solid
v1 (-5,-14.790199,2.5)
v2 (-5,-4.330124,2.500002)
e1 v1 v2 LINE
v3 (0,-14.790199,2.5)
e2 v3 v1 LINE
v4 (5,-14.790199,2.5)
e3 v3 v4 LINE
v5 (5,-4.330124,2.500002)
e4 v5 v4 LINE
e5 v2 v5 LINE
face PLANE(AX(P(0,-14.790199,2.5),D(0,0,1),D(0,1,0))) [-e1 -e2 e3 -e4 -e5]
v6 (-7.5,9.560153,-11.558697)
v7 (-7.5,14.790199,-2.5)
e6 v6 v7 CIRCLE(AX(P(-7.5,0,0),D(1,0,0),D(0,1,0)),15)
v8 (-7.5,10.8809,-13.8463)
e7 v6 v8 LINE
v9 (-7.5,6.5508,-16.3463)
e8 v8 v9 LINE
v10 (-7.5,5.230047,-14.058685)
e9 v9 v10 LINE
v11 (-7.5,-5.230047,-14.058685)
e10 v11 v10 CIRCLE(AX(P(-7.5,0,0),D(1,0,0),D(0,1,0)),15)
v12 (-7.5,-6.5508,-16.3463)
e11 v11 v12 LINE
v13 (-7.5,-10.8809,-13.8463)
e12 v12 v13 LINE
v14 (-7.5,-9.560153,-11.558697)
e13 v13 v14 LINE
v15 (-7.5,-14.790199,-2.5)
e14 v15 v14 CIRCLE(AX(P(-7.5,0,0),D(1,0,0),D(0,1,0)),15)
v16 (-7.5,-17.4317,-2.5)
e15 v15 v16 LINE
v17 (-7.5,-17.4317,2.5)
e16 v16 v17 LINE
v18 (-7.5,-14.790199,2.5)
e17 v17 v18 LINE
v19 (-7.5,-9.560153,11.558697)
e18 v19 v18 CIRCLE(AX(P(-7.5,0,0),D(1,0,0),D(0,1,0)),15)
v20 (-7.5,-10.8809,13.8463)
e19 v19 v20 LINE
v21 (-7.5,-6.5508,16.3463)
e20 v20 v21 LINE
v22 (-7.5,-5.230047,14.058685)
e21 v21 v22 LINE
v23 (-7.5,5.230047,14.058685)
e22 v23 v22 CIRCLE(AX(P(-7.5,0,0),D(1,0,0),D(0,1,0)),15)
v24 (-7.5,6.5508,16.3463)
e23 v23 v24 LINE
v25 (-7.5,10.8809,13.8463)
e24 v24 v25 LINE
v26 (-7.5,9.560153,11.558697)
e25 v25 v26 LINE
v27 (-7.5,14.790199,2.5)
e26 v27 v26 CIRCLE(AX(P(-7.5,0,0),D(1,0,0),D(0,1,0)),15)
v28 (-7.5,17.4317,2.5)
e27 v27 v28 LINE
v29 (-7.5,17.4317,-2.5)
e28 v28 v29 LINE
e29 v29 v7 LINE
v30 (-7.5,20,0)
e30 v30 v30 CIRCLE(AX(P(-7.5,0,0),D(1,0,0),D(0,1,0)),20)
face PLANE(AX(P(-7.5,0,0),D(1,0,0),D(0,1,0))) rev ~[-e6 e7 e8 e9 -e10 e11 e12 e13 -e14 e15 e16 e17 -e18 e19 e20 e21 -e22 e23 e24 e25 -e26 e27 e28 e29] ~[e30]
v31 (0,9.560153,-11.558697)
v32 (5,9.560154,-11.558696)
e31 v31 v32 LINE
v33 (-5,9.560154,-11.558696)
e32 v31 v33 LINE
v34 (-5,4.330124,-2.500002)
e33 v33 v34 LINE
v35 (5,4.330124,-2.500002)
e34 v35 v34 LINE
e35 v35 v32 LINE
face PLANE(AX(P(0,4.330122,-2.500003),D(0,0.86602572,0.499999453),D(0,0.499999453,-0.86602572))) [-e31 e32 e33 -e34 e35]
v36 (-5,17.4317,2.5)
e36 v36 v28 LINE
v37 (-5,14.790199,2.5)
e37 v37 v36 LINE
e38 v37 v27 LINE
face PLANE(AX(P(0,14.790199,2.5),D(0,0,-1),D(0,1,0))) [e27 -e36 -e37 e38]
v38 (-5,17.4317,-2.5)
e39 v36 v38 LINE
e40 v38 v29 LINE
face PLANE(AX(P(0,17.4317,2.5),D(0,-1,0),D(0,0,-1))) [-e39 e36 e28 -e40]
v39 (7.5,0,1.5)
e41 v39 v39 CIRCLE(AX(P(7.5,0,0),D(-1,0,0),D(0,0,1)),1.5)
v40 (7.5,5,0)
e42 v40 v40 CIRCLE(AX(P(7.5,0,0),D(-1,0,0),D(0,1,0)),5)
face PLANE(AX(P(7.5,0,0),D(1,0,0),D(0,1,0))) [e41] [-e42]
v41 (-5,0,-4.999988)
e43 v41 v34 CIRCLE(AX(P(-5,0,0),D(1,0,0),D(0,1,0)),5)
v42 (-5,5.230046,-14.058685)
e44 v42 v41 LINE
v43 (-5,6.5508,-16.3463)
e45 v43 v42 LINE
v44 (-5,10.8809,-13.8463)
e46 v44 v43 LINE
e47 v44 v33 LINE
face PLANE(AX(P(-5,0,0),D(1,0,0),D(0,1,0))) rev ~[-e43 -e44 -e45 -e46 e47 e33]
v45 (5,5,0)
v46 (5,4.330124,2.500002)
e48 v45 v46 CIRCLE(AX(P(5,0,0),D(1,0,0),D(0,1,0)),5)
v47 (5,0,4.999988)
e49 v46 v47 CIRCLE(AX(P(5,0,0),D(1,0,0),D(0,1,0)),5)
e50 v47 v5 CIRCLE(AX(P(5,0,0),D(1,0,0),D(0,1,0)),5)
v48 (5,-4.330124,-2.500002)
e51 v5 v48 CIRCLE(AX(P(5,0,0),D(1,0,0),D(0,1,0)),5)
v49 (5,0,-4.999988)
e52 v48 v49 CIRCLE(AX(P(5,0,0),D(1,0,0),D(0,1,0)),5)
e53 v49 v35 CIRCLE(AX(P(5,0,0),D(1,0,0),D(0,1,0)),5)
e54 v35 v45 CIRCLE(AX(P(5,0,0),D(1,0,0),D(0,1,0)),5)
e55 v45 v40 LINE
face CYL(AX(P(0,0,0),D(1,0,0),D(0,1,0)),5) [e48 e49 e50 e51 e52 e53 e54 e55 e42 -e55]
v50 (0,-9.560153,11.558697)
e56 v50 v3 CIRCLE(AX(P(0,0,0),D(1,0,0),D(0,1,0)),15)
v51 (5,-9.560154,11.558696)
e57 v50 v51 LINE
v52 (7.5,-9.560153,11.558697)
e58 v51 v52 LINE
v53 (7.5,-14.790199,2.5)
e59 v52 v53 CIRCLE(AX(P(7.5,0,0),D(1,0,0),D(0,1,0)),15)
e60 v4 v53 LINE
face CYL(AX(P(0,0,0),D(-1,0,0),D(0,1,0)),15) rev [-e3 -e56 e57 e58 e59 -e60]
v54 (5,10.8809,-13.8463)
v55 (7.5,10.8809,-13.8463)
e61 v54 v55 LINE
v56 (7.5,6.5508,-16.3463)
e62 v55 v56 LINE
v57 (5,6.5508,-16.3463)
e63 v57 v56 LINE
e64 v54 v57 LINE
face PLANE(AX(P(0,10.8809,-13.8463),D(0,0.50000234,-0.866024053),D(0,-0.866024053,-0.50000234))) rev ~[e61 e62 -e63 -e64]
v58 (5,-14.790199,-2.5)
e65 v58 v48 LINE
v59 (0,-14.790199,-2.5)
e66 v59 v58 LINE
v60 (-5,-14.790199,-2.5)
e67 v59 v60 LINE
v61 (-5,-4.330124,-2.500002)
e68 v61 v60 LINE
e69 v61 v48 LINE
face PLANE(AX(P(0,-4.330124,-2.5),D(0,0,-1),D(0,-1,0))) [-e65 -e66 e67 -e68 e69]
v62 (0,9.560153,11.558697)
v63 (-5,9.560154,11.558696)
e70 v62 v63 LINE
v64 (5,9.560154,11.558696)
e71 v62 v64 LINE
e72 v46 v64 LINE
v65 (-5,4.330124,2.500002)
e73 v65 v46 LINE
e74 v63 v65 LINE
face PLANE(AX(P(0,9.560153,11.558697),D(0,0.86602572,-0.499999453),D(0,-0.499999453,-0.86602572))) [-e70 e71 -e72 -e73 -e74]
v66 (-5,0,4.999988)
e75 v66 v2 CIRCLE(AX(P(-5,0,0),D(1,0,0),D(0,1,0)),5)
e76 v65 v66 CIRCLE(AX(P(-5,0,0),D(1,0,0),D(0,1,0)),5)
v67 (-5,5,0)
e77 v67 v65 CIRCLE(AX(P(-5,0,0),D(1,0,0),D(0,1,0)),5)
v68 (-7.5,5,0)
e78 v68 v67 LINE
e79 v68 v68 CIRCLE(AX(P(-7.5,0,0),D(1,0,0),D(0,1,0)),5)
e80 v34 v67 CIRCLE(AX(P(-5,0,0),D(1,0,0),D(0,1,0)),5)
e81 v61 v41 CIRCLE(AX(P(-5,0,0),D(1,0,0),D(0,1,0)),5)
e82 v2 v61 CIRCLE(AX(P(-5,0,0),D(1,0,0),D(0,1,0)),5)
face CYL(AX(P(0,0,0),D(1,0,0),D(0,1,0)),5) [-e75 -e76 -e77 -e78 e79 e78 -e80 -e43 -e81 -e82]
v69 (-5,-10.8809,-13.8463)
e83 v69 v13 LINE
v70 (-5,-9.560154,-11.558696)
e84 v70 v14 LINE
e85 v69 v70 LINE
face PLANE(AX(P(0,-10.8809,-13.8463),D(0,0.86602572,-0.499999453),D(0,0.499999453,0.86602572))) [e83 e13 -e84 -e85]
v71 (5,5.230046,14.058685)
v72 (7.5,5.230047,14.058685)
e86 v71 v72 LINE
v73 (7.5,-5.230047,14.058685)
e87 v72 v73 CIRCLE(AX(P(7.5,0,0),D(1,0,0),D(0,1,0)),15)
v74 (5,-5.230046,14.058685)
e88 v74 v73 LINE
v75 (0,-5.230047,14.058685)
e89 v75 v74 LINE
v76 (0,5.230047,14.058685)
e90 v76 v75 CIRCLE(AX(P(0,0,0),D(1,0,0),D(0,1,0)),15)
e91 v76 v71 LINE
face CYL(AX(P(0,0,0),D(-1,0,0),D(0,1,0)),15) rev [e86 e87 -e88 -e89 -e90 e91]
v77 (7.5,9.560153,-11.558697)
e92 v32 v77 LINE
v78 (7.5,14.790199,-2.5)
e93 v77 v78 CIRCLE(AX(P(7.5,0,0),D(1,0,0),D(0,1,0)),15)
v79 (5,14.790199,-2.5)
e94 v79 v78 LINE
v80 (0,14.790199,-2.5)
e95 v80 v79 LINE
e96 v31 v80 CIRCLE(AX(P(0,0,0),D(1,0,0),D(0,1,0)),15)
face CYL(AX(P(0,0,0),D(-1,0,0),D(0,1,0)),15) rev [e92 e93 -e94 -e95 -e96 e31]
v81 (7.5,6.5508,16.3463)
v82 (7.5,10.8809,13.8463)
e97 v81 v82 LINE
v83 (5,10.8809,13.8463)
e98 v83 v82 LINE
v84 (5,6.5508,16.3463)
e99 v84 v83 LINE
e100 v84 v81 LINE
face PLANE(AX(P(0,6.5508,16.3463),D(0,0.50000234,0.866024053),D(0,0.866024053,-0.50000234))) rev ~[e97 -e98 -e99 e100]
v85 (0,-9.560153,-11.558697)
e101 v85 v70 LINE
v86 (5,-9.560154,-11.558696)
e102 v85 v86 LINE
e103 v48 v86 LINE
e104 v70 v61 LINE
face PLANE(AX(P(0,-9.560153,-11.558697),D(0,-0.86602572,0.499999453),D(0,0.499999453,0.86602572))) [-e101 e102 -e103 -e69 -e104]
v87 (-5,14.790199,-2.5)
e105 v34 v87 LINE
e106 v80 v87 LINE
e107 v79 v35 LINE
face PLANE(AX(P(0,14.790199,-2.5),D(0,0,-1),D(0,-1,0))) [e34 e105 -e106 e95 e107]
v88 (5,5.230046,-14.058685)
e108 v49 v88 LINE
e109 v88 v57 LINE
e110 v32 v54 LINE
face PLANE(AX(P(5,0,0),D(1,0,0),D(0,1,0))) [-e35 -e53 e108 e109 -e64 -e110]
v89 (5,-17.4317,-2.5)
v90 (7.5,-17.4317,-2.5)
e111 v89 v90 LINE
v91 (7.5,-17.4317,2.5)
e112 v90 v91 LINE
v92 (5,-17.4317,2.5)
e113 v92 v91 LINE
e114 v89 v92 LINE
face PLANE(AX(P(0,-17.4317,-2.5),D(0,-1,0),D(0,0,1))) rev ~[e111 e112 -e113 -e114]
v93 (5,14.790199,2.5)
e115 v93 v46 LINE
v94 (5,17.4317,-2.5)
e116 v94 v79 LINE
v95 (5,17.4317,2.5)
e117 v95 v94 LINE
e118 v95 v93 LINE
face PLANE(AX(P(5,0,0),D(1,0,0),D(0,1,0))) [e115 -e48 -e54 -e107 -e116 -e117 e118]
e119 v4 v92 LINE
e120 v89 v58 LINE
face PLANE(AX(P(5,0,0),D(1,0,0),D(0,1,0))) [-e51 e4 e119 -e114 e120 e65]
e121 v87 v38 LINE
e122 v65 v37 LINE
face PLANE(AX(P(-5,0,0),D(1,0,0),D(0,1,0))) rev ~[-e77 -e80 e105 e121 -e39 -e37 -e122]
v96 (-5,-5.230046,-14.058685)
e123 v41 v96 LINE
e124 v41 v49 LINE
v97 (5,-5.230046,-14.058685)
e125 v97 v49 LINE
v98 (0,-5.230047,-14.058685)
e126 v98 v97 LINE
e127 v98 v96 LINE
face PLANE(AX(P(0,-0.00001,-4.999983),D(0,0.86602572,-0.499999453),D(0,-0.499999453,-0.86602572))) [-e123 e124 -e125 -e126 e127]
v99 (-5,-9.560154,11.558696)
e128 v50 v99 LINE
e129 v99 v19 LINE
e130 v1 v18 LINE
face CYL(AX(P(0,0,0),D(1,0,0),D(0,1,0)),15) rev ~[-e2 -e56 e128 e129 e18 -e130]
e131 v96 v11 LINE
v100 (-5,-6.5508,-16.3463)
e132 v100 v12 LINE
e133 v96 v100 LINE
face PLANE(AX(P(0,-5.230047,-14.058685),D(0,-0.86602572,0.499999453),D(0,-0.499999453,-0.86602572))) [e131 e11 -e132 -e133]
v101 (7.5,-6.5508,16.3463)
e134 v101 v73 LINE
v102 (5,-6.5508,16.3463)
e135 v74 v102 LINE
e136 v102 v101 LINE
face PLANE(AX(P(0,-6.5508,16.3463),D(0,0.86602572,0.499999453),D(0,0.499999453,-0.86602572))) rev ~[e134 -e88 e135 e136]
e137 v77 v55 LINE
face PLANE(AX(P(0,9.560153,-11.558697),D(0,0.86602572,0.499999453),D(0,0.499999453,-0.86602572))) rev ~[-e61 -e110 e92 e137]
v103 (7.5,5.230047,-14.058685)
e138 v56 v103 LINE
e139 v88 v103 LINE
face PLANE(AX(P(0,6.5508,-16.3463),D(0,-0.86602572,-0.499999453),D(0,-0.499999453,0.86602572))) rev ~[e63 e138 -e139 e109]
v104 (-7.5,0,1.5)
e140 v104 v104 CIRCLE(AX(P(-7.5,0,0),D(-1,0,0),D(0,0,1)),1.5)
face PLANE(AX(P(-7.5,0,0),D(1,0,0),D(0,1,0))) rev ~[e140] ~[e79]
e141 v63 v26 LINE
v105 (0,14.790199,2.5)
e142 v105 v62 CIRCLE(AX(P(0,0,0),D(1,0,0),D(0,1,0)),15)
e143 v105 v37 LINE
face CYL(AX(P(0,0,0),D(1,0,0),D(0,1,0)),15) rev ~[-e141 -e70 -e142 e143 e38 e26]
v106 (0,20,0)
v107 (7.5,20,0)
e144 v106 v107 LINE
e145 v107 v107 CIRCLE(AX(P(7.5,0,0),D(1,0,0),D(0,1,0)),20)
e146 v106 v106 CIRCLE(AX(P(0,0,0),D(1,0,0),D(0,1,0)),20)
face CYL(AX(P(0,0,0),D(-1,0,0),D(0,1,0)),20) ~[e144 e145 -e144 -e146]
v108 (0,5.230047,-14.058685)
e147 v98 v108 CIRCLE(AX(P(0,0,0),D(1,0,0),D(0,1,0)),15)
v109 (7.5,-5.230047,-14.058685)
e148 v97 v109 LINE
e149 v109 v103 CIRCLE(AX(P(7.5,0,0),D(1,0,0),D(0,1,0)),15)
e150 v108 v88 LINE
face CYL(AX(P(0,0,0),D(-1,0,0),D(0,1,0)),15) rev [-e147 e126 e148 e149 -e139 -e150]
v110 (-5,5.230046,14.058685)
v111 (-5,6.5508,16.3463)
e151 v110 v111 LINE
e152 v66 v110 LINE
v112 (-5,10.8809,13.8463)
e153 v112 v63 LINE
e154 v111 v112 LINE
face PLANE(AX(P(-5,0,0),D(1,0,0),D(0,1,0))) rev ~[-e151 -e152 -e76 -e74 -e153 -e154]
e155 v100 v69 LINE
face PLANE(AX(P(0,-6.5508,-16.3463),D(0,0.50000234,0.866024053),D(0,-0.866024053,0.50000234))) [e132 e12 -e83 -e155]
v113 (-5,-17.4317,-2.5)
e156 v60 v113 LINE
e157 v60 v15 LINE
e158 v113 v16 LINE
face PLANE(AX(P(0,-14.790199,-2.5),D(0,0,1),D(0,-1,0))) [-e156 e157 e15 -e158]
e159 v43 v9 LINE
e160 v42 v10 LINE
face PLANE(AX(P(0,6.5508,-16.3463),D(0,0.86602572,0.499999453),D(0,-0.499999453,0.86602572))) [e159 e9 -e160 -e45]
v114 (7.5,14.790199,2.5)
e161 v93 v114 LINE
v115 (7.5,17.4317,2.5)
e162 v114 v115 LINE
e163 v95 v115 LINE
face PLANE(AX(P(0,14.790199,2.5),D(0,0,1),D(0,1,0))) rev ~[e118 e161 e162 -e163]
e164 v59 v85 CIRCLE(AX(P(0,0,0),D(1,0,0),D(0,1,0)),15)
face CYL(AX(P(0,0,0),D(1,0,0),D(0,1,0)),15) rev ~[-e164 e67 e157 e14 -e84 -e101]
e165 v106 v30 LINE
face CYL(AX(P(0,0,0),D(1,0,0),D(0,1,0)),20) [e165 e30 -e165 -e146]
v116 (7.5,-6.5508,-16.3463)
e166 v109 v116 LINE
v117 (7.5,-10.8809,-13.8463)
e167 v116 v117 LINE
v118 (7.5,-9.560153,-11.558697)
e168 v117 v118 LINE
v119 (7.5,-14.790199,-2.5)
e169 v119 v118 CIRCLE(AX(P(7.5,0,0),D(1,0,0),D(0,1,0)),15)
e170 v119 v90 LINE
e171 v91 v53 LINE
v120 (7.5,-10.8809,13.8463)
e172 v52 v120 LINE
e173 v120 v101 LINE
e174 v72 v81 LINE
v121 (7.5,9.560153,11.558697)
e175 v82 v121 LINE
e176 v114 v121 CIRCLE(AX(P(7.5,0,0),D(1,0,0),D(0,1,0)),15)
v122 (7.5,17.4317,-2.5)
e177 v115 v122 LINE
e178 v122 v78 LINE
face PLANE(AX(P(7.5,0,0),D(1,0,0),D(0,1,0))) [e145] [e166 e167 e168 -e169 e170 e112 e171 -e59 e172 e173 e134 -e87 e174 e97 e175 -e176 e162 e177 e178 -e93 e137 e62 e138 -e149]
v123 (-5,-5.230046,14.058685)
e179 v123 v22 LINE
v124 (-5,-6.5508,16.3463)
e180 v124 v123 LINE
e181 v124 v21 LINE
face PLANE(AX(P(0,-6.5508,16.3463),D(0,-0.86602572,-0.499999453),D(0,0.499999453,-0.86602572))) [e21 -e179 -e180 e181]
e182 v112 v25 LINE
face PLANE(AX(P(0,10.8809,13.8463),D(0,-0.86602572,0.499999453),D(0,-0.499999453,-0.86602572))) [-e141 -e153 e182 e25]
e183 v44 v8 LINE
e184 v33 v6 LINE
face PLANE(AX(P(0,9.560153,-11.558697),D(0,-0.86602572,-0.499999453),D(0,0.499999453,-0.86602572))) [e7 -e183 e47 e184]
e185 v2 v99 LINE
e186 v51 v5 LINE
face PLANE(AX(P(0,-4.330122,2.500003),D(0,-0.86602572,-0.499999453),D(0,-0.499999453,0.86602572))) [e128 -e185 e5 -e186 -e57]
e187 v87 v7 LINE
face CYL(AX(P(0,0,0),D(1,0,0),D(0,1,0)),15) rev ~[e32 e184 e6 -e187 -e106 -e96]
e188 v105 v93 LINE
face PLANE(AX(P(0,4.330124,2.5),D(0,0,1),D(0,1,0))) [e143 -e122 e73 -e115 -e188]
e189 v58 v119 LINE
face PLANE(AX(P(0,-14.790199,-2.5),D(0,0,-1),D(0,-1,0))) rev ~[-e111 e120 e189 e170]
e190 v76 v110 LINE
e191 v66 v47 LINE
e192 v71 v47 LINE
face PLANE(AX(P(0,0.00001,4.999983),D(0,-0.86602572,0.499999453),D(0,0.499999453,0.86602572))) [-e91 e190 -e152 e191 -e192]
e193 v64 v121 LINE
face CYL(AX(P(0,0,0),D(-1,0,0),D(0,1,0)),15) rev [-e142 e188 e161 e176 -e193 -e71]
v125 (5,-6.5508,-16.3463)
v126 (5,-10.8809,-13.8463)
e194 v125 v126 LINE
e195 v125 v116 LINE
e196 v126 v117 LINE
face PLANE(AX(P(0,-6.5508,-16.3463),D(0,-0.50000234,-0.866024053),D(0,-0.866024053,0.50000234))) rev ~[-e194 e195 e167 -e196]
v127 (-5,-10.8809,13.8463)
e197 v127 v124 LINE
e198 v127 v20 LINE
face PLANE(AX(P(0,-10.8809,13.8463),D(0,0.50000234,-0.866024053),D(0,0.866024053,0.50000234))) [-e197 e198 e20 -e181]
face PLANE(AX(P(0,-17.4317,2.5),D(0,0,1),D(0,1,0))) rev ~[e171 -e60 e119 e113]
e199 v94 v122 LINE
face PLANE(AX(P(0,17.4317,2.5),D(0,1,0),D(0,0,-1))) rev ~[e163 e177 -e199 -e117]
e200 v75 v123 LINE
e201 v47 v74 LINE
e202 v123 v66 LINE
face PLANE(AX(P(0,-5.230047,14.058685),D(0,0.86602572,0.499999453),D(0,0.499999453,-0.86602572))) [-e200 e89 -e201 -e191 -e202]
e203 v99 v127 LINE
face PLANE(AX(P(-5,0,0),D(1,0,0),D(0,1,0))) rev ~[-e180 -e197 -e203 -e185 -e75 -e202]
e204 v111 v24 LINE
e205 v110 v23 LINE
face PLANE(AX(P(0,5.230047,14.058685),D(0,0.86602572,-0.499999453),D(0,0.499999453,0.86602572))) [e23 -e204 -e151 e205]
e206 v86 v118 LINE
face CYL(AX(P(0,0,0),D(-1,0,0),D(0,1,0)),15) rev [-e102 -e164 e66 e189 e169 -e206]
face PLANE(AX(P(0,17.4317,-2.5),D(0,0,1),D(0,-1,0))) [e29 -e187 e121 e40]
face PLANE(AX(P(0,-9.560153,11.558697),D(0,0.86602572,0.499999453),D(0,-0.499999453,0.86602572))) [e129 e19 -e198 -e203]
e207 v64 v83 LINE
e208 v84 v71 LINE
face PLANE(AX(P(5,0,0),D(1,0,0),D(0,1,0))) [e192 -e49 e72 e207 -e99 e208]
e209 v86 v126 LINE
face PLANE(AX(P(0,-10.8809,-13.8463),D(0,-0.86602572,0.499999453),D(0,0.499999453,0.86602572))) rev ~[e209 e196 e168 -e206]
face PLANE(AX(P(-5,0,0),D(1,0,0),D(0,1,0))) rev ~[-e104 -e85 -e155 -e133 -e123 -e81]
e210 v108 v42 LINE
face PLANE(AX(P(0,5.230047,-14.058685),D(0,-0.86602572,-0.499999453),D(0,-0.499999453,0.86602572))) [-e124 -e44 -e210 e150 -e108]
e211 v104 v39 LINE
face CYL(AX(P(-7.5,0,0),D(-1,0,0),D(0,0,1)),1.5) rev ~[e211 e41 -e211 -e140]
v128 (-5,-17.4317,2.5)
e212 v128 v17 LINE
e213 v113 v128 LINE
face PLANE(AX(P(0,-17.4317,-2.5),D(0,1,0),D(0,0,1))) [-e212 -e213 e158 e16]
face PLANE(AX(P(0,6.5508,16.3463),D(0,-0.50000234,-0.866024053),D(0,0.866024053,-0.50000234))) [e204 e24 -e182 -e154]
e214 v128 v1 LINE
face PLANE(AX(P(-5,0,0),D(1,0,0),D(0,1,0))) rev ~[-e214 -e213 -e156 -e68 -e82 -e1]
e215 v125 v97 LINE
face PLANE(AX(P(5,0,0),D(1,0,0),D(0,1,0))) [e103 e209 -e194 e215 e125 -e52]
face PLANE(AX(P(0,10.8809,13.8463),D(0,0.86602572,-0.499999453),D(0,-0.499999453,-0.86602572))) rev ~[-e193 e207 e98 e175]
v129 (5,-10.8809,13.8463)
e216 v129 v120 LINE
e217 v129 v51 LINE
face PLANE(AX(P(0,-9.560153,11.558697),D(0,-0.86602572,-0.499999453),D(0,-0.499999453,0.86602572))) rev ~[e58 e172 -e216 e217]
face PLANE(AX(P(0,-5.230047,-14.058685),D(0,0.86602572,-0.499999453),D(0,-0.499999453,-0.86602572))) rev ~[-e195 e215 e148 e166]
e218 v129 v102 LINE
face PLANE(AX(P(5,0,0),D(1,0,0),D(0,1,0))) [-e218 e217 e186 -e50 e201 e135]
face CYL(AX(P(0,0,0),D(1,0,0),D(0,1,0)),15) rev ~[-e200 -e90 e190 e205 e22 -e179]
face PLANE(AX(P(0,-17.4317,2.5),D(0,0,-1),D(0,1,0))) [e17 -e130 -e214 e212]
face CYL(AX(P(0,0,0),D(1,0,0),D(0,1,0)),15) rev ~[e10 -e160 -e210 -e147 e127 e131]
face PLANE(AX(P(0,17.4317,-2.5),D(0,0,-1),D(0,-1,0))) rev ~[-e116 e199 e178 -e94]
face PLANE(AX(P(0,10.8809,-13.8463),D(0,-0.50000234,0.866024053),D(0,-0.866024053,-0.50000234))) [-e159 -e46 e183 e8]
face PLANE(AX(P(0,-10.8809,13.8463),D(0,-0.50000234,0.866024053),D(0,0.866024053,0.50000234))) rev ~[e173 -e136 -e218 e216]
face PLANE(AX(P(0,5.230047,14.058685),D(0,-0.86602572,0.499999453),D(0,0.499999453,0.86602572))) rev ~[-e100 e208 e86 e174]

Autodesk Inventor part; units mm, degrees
ref_plane "YZ Plane" through (0, 0, 0) normal (1, 0, 0) x (0, 1, 0)
ref_plane "XZ Plane" through (0, 0, 0) normal (0, 1, 0) x (-1, 0, 0)
ref_plane "XY Plane" through (0, 0, 0) normal (0, 0, 1) x (1, 0, 0)
sketch "Sketch1" plane through (0, 0, 0) normal (1, 0, 0) x (0, 1, 0)
  circle A0 centre (0, 0) radius 20
  circle A1 centre (0, 0) radius 15
  circle A2 centre (0, 0) radius 5
  line L0 (20, 0) -> (9.9317, 0) construction
  line L1 (9.9317, 0) -> (0, 0) construction
  line L2 (17.4317, -2.5) -> (2.4317, -2.5)
  line L3 (2.4317, -2.5) -> (2.4317, 2.5)
  line L4 (2.4317, 2.5) -> (17.4317, 2.5)
  line L5 (17.4317, 2.5) -> (17.4317, -2.5)
  line L6 (17.4317, -2.5) -> (2.4317, 2.5) construction
  line L7 (2.4317, -2.5) -> (17.4317, 2.5) construction
  line L8 (-0.9492, 3.3559) -> (6.5508, 16.3463)
  line L9 (10.8809, 13.8463) -> (3.3809, 0.8559)
  line L10 (6.5508, 16.3463) -> (10.8809, 13.8463)
  line L11 (3.3809, 0.8559) -> (-0.9492, 3.3559)
  line L12 (-3.3809, 0.8559) -> (-10.8809, 13.8463)
  line L13 (-6.5508, 16.3463) -> (0.9492, 3.3559)
  line L14 (-10.8809, 13.8463) -> (-6.5508, 16.3463)
  line L15 (0.9492, 3.3559) -> (-3.3809, 0.8559)
  line L16 (-2.4317, -2.5) -> (-17.4317, -2.5)
  line L17 (-17.4317, 2.5) -> (-2.4317, 2.5)
  line L18 (-17.4317, -2.5) -> (-17.4317, 2.5)
  line L19 (-2.4317, 2.5) -> (-2.4317, -2.5)
  line L20 (0.9492, -3.3559) -> (-6.5508, -16.3463)
  line L21 (-10.8809, -13.8463) -> (-3.3809, -0.8559)
  line L22 (-6.5508, -16.3463) -> (-10.8809, -13.8463)
  line L23 (-3.3809, -0.8559) -> (0.9492, -3.3559)
  line L24 (3.3809, -0.8559) -> (10.8809, -13.8463)
  line L25 (6.5508, -16.3463) -> (-0.9492, -3.3559)
  line L26 (10.8809, -13.8463) -> (6.5508, -16.3463)
  line L27 (-0.9492, -3.3559) -> (3.3809, -0.8559)
  dimension "d0" = 40
  dimension "d1" = 30
  dimension "d2" = 10
  dimension "d4" = 15
  dimension "d5" = 5
  dimension "d8" = 360
extrude "Extrusion1" add sketch "Sketch1" along normal mid plane 15 contours A0 | L4 L3 L11 L15 L13 A2 | L9 L11 L3 L4 | A2 L24 L27 L3 L11 L9 | A2 L20 L23 L27 L3 L2 | L2 L3 L27 L24 | L8 L11 L15 L19 L17 A2 | L13 L15 L11 L8 | L25 L27 L23 L20 | A2 L16 L19 L23 L27 L25 | L12 L15 L19 L23 L21 A2 | L17 L19 L15 L12 | L3 L27 L23 L19 L15 L11 | L21 L23 L19 L16
extrude "Extrusion2" add sketch "Sketch1" along normal mid plane 10 contours A1 L2 A2 L4 | A1 L4 L5 L2 | L9 A2 L8 A1 | A1 L8 L10 L9 | L4 L3 L11 L15 L13 A2 | L9 L11 L3 L4 | A2 L24 L27 L3 L11 L9 | L24 L26 L25 A1 | A1 L25 A2 L24 | A2 L20 L23 L27 L3 L2 | L2 L3 L27 L24 | L8 L11 L15 L19 L17 A2 | L13 L15 L11 L8 | A2 L12 A1 L13 | L20 A1 L21 A2 | L25 L27 L23 L20 | A2 L16 L19 L23 L27 L25 | A1 L12 L14 L13 | L12 L15 L19 L23 L21 A2 | L17 L19 L15 L12 | A2 L16 A1 L17 | L20 L22 L21 A1 | L21 L23 L19 L16 | A1 L16 L18 L17
sketch "Sketch2" plane through (-7.5, 0, 0) normal (-1, 0, 0) x (0, 0, 1)
  circle A0 centre (0, 0) radius 1.5
  dimension "d14" = 3
extrude "Extrusion3" cut sketch "Sketch2" against normal up to next
properties material "Rubber"
